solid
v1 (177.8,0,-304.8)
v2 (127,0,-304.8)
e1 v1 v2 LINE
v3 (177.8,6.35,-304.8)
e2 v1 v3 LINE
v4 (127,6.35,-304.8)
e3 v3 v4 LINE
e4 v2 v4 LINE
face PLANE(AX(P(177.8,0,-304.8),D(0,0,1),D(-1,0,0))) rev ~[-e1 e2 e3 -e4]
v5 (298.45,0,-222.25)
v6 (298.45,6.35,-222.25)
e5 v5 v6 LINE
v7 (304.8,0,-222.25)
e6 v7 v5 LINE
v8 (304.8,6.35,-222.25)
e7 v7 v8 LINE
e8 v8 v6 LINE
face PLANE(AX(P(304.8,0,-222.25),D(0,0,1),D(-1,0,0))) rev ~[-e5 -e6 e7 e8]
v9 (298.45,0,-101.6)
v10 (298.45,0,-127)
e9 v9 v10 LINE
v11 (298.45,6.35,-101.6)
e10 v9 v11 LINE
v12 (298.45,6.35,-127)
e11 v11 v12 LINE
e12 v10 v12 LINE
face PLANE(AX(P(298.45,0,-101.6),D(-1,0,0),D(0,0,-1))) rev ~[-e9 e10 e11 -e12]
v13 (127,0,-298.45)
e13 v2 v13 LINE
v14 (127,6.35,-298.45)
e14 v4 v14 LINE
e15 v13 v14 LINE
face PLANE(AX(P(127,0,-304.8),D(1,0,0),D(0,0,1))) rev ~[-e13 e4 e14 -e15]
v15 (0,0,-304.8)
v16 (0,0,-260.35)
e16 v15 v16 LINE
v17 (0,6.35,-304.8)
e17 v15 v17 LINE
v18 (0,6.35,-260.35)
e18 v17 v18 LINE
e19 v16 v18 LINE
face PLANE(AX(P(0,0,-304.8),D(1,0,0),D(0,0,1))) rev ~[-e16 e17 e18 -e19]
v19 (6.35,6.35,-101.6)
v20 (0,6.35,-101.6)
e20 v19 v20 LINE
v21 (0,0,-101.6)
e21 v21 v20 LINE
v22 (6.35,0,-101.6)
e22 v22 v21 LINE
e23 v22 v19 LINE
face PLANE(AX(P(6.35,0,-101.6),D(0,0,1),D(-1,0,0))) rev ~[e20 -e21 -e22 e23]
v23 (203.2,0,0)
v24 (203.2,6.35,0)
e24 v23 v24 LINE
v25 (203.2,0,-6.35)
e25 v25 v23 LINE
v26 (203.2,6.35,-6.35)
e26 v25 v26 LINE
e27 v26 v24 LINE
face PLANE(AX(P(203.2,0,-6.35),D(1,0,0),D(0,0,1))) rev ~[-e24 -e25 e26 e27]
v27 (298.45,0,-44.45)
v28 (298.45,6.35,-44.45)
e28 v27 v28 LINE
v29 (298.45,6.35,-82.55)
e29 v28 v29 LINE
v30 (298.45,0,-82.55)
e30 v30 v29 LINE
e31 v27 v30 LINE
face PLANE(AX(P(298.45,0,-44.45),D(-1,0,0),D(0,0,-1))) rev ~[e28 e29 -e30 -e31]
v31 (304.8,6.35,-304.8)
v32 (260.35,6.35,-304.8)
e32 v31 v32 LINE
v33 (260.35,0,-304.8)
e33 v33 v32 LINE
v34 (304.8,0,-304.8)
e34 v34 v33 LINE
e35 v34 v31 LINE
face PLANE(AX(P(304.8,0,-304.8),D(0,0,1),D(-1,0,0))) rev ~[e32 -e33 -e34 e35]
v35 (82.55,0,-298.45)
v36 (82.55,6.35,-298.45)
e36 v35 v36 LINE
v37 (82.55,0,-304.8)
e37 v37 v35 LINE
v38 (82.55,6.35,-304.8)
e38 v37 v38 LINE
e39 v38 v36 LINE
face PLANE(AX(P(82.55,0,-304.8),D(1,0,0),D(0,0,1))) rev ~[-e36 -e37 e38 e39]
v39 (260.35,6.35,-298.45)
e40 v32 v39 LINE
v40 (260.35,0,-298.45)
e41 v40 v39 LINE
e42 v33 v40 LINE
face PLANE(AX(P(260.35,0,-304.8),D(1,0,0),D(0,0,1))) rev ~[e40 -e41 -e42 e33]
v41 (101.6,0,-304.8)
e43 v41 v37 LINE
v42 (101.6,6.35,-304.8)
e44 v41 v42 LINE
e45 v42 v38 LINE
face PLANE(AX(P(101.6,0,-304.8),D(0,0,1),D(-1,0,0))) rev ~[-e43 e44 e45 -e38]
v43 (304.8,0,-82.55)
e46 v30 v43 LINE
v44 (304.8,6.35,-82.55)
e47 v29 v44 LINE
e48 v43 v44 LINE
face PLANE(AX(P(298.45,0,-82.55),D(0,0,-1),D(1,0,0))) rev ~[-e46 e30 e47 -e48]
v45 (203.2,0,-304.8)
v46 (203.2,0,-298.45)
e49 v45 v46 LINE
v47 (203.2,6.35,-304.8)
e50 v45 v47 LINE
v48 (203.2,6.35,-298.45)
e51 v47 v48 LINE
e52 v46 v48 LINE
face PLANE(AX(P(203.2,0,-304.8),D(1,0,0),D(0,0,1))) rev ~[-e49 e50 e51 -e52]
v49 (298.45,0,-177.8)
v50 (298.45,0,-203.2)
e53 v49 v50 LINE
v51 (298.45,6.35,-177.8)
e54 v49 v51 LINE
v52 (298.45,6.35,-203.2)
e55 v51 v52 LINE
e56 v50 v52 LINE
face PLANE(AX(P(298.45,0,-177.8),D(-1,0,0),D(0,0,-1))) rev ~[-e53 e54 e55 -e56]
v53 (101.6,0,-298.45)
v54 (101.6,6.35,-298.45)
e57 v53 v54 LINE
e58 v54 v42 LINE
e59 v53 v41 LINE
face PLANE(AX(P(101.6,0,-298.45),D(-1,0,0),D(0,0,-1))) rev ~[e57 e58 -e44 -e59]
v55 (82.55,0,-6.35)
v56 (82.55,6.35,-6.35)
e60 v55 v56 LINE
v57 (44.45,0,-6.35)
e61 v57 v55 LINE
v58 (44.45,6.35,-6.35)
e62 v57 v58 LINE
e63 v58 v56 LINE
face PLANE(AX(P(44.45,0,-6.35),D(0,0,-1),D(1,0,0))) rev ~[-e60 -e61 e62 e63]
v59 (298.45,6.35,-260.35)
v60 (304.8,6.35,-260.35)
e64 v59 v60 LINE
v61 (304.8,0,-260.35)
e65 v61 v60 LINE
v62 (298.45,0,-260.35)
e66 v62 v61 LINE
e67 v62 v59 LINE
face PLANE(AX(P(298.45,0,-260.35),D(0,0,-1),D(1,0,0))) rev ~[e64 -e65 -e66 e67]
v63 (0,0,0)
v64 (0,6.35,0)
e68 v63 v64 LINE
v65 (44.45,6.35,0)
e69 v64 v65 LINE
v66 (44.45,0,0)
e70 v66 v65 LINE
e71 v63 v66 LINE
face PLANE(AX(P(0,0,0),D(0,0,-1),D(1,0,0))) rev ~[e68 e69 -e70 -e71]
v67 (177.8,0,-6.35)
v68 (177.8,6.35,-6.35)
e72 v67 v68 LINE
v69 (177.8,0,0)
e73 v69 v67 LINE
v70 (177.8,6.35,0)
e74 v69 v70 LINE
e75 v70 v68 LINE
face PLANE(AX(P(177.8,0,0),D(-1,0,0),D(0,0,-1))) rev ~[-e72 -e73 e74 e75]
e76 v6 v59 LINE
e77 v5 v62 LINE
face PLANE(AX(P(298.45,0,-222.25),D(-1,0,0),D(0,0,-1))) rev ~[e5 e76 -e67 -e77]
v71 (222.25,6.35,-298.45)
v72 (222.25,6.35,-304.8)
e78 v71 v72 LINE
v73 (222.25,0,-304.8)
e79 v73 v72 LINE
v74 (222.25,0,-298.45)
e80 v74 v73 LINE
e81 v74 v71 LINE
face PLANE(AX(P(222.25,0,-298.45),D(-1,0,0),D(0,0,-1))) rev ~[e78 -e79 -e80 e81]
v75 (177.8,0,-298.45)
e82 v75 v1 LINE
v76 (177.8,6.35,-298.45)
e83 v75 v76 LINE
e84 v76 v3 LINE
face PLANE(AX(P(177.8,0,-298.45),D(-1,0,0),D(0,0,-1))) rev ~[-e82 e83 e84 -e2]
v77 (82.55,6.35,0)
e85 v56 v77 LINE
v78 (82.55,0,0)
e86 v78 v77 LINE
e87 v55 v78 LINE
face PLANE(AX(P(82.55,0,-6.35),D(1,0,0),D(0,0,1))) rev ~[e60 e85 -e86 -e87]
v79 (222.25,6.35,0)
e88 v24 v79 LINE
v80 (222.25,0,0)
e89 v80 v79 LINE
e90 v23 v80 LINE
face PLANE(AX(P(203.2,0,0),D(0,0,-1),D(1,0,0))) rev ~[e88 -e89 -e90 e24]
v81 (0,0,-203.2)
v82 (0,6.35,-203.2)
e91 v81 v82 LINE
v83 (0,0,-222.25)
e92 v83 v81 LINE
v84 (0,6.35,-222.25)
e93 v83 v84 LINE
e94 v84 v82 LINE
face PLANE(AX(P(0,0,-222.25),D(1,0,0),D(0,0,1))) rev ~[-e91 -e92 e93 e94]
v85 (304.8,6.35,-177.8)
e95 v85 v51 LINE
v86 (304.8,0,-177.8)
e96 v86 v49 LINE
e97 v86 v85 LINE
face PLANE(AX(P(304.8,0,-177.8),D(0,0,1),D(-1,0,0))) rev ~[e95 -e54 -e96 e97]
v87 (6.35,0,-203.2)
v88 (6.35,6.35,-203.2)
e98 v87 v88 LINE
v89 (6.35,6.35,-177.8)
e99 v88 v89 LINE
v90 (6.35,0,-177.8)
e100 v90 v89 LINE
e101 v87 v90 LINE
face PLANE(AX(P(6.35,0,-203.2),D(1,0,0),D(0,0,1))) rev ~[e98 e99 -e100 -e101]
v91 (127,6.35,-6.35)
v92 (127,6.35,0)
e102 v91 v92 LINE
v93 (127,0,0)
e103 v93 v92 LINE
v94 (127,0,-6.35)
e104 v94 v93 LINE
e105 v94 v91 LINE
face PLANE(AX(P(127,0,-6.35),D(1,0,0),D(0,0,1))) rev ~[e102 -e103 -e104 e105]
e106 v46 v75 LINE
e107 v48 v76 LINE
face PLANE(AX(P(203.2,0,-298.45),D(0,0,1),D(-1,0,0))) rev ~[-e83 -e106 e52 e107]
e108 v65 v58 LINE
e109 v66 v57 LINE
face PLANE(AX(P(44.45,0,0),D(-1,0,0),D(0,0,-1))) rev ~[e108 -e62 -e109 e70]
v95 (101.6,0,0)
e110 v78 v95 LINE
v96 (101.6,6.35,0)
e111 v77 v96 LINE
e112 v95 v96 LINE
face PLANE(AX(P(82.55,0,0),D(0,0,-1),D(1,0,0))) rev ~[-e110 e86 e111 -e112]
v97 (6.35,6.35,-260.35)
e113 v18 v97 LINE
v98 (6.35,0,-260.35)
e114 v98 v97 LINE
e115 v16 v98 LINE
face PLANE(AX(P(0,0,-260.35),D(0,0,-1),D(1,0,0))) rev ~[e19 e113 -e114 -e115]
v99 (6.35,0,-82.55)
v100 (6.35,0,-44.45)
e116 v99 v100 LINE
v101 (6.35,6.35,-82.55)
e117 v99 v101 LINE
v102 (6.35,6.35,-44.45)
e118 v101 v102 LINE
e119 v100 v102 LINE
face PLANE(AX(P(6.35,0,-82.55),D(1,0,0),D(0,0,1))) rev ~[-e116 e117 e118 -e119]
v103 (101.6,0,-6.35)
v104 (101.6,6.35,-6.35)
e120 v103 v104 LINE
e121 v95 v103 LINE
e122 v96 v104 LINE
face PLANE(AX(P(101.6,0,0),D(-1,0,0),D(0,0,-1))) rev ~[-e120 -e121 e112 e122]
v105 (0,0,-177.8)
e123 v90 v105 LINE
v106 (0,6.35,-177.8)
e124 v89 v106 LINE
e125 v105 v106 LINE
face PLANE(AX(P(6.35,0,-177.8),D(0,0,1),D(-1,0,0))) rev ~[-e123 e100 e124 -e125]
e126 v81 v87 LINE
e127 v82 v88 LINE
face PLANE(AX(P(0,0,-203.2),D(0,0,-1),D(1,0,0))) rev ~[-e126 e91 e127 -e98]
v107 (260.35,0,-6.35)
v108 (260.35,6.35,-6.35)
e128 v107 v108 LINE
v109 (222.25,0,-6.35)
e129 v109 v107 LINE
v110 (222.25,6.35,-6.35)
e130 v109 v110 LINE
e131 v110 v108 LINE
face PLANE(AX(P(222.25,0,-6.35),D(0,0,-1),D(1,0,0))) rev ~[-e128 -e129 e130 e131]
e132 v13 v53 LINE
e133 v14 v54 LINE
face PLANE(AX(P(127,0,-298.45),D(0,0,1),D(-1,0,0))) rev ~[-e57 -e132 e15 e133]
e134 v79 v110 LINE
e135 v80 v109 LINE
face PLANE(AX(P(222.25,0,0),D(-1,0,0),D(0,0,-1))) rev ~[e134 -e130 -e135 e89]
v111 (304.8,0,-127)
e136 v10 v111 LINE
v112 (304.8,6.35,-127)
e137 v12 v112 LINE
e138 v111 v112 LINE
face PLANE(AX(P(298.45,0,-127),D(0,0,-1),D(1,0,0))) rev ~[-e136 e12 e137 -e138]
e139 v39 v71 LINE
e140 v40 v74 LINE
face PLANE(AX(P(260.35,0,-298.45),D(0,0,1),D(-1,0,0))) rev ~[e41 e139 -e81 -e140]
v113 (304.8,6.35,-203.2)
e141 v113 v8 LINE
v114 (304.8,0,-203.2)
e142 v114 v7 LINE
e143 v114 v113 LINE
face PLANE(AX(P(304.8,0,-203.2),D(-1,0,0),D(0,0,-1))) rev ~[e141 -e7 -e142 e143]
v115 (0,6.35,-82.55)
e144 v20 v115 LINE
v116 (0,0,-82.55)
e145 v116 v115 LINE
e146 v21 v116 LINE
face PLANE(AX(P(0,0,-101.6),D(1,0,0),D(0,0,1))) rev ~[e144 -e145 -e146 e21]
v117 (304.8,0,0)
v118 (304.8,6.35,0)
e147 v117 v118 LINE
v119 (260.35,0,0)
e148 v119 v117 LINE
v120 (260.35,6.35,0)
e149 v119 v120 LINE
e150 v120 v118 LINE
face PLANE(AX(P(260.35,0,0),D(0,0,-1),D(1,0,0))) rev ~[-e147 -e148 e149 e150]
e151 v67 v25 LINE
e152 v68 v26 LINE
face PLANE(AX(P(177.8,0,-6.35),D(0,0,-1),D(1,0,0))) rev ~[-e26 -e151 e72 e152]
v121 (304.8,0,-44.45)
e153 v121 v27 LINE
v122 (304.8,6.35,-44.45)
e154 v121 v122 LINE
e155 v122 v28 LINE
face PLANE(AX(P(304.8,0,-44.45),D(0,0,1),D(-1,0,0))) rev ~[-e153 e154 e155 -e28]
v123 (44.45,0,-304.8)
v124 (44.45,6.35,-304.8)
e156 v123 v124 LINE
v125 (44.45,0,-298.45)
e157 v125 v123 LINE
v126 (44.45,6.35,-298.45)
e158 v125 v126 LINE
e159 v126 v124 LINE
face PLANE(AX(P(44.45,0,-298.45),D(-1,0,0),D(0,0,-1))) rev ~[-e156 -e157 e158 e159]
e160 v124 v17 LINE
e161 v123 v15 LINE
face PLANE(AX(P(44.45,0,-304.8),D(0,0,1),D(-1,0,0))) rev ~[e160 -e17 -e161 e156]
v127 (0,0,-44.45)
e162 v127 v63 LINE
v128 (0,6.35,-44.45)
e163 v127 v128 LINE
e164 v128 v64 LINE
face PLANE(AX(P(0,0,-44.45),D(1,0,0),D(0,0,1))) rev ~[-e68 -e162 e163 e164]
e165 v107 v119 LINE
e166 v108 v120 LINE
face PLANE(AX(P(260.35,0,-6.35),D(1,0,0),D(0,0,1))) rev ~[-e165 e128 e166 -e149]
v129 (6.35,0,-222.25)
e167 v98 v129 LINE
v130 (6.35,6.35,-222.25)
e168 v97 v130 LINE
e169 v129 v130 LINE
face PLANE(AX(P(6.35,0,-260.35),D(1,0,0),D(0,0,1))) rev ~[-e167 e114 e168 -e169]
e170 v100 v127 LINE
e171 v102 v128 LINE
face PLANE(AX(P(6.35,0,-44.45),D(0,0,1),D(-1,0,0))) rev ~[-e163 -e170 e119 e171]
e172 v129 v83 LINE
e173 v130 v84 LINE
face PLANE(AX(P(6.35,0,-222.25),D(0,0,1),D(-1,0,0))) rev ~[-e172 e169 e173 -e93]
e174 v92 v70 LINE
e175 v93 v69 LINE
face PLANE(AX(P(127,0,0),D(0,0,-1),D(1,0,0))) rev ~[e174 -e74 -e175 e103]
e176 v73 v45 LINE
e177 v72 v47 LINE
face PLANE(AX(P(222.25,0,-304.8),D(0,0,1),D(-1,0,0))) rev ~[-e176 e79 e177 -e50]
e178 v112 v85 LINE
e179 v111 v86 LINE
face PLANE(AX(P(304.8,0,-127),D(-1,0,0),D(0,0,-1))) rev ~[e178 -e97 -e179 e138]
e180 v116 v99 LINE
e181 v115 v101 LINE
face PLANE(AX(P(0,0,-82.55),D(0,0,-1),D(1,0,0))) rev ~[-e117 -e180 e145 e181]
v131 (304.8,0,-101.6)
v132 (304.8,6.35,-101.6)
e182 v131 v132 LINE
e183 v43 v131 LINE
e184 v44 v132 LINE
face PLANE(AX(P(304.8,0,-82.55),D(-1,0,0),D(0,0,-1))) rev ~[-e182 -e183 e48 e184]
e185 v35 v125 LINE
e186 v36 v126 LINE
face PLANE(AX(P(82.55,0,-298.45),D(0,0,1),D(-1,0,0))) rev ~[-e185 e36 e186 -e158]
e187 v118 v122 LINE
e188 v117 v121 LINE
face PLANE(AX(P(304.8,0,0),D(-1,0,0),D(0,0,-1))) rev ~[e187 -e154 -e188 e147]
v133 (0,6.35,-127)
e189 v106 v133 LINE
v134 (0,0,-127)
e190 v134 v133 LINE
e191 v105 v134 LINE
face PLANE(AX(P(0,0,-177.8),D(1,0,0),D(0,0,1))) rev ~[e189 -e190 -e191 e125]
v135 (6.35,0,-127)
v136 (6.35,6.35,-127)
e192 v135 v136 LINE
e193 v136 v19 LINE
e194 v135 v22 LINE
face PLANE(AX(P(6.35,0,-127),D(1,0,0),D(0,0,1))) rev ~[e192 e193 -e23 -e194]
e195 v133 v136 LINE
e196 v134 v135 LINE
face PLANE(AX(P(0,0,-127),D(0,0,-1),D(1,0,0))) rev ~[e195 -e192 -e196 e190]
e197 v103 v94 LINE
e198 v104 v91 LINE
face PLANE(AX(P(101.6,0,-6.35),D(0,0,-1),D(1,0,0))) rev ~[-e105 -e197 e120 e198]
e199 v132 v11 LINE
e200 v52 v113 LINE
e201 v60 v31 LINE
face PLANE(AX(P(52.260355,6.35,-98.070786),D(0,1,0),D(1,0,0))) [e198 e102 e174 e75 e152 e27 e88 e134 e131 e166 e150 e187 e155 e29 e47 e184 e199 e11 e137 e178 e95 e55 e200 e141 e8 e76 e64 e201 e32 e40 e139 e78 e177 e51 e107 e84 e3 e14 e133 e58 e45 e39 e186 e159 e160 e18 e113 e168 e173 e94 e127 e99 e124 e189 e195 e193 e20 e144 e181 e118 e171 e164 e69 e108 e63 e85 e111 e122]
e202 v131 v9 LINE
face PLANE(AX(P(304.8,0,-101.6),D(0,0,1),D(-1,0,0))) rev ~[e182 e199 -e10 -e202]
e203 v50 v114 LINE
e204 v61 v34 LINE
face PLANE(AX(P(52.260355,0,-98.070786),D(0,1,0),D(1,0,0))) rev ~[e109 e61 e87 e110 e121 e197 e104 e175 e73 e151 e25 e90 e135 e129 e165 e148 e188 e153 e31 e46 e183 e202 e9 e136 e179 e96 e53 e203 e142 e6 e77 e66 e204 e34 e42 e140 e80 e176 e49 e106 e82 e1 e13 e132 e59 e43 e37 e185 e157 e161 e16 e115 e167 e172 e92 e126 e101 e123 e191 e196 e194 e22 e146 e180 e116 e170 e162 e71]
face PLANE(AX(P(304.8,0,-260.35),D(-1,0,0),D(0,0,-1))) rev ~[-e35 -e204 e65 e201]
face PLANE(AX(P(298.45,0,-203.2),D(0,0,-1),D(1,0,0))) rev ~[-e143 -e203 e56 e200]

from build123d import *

# Parameters (mm, degrees)
BOSS_EXTRUDE1_DEPTH = 6.35


with BuildPart() as part:
    # Sketch2 → Boss-Extrude1 (new body)
    with BuildSketch(Plane(origin=(0, 0, 0), x_dir=(1, 0, 0), z_dir=(0, 1, 0))):
        Polygon((0, 0), (152.4, 152.4), (0, 152.4), (0, 127), (6.35, 127), (6.35, 101.6), (0, 101.6), (0, 82.55), (6.35, 82.55), (6.35, 44.45), (0, 44.45), align=None)
        Polygon((127, 0), (152.4, 0), (152.4, 152.4), (0, 0), (44.45, 0), (44.45, 6.35), (82.55, 6.35), (82.55, 0), (101.6, 0), (101.6, 6.35), (127, 6.35), align=None)
        Polygon((152.4, 152.4), (152.4, 0), (177.8, 0), (177.8, 6.35), (203.2, 6.35), (203.2, 0), (222.25, 0), (222.25, 6.35), (260.35, 6.35), (260.35, 0), (304.8, 0), (304.8, 44.45), (298.45, 44.45), (298.45, 82.55), (304.8, 82.55), (304.8, 101.6), (298.45, 101.6), (298.45, 127), (304.8, 127), (304.8, 152.4), align=None)
        Polygon((304.8, 304.8), (152.4, 152.4), (304.8, 152.4), (304.8, 177.8), (298.45, 177.8), (298.45, 203.2), (304.8, 203.2), (304.8, 222.25), (298.45, 222.25), (298.45, 260.35), (304.8, 260.35), align=None)
        Polygon((152.4, 304.8), (152.4, 152.4), (304.8, 304.8), (260.35, 304.8), (260.35, 298.45), (222.25, 298.45), (222.25, 304.8), (203.2, 304.8), (203.2, 298.45), (177.8, 298.45), (177.8, 304.8), align=None)
        Polygon((0, 152.4), (152.4, 152.4), (152.4, 304.8), (127, 304.8), (127, 298.45), (101.6, 298.45), (101.6, 304.8), (82.55, 304.8), (82.55, 298.45), (44.45, 298.45), (44.45, 304.8), (0, 304.8), (0, 260.35), (6.35, 260.35), (6.35, 222.25), (0, 222.25), (0, 203.2), (6.35, 203.2), (6.35, 177.8), (0, 177.8), align=None)
    extrude(amount=BOSS_EXTRUDE1_DEPTH)


solid = part.part
